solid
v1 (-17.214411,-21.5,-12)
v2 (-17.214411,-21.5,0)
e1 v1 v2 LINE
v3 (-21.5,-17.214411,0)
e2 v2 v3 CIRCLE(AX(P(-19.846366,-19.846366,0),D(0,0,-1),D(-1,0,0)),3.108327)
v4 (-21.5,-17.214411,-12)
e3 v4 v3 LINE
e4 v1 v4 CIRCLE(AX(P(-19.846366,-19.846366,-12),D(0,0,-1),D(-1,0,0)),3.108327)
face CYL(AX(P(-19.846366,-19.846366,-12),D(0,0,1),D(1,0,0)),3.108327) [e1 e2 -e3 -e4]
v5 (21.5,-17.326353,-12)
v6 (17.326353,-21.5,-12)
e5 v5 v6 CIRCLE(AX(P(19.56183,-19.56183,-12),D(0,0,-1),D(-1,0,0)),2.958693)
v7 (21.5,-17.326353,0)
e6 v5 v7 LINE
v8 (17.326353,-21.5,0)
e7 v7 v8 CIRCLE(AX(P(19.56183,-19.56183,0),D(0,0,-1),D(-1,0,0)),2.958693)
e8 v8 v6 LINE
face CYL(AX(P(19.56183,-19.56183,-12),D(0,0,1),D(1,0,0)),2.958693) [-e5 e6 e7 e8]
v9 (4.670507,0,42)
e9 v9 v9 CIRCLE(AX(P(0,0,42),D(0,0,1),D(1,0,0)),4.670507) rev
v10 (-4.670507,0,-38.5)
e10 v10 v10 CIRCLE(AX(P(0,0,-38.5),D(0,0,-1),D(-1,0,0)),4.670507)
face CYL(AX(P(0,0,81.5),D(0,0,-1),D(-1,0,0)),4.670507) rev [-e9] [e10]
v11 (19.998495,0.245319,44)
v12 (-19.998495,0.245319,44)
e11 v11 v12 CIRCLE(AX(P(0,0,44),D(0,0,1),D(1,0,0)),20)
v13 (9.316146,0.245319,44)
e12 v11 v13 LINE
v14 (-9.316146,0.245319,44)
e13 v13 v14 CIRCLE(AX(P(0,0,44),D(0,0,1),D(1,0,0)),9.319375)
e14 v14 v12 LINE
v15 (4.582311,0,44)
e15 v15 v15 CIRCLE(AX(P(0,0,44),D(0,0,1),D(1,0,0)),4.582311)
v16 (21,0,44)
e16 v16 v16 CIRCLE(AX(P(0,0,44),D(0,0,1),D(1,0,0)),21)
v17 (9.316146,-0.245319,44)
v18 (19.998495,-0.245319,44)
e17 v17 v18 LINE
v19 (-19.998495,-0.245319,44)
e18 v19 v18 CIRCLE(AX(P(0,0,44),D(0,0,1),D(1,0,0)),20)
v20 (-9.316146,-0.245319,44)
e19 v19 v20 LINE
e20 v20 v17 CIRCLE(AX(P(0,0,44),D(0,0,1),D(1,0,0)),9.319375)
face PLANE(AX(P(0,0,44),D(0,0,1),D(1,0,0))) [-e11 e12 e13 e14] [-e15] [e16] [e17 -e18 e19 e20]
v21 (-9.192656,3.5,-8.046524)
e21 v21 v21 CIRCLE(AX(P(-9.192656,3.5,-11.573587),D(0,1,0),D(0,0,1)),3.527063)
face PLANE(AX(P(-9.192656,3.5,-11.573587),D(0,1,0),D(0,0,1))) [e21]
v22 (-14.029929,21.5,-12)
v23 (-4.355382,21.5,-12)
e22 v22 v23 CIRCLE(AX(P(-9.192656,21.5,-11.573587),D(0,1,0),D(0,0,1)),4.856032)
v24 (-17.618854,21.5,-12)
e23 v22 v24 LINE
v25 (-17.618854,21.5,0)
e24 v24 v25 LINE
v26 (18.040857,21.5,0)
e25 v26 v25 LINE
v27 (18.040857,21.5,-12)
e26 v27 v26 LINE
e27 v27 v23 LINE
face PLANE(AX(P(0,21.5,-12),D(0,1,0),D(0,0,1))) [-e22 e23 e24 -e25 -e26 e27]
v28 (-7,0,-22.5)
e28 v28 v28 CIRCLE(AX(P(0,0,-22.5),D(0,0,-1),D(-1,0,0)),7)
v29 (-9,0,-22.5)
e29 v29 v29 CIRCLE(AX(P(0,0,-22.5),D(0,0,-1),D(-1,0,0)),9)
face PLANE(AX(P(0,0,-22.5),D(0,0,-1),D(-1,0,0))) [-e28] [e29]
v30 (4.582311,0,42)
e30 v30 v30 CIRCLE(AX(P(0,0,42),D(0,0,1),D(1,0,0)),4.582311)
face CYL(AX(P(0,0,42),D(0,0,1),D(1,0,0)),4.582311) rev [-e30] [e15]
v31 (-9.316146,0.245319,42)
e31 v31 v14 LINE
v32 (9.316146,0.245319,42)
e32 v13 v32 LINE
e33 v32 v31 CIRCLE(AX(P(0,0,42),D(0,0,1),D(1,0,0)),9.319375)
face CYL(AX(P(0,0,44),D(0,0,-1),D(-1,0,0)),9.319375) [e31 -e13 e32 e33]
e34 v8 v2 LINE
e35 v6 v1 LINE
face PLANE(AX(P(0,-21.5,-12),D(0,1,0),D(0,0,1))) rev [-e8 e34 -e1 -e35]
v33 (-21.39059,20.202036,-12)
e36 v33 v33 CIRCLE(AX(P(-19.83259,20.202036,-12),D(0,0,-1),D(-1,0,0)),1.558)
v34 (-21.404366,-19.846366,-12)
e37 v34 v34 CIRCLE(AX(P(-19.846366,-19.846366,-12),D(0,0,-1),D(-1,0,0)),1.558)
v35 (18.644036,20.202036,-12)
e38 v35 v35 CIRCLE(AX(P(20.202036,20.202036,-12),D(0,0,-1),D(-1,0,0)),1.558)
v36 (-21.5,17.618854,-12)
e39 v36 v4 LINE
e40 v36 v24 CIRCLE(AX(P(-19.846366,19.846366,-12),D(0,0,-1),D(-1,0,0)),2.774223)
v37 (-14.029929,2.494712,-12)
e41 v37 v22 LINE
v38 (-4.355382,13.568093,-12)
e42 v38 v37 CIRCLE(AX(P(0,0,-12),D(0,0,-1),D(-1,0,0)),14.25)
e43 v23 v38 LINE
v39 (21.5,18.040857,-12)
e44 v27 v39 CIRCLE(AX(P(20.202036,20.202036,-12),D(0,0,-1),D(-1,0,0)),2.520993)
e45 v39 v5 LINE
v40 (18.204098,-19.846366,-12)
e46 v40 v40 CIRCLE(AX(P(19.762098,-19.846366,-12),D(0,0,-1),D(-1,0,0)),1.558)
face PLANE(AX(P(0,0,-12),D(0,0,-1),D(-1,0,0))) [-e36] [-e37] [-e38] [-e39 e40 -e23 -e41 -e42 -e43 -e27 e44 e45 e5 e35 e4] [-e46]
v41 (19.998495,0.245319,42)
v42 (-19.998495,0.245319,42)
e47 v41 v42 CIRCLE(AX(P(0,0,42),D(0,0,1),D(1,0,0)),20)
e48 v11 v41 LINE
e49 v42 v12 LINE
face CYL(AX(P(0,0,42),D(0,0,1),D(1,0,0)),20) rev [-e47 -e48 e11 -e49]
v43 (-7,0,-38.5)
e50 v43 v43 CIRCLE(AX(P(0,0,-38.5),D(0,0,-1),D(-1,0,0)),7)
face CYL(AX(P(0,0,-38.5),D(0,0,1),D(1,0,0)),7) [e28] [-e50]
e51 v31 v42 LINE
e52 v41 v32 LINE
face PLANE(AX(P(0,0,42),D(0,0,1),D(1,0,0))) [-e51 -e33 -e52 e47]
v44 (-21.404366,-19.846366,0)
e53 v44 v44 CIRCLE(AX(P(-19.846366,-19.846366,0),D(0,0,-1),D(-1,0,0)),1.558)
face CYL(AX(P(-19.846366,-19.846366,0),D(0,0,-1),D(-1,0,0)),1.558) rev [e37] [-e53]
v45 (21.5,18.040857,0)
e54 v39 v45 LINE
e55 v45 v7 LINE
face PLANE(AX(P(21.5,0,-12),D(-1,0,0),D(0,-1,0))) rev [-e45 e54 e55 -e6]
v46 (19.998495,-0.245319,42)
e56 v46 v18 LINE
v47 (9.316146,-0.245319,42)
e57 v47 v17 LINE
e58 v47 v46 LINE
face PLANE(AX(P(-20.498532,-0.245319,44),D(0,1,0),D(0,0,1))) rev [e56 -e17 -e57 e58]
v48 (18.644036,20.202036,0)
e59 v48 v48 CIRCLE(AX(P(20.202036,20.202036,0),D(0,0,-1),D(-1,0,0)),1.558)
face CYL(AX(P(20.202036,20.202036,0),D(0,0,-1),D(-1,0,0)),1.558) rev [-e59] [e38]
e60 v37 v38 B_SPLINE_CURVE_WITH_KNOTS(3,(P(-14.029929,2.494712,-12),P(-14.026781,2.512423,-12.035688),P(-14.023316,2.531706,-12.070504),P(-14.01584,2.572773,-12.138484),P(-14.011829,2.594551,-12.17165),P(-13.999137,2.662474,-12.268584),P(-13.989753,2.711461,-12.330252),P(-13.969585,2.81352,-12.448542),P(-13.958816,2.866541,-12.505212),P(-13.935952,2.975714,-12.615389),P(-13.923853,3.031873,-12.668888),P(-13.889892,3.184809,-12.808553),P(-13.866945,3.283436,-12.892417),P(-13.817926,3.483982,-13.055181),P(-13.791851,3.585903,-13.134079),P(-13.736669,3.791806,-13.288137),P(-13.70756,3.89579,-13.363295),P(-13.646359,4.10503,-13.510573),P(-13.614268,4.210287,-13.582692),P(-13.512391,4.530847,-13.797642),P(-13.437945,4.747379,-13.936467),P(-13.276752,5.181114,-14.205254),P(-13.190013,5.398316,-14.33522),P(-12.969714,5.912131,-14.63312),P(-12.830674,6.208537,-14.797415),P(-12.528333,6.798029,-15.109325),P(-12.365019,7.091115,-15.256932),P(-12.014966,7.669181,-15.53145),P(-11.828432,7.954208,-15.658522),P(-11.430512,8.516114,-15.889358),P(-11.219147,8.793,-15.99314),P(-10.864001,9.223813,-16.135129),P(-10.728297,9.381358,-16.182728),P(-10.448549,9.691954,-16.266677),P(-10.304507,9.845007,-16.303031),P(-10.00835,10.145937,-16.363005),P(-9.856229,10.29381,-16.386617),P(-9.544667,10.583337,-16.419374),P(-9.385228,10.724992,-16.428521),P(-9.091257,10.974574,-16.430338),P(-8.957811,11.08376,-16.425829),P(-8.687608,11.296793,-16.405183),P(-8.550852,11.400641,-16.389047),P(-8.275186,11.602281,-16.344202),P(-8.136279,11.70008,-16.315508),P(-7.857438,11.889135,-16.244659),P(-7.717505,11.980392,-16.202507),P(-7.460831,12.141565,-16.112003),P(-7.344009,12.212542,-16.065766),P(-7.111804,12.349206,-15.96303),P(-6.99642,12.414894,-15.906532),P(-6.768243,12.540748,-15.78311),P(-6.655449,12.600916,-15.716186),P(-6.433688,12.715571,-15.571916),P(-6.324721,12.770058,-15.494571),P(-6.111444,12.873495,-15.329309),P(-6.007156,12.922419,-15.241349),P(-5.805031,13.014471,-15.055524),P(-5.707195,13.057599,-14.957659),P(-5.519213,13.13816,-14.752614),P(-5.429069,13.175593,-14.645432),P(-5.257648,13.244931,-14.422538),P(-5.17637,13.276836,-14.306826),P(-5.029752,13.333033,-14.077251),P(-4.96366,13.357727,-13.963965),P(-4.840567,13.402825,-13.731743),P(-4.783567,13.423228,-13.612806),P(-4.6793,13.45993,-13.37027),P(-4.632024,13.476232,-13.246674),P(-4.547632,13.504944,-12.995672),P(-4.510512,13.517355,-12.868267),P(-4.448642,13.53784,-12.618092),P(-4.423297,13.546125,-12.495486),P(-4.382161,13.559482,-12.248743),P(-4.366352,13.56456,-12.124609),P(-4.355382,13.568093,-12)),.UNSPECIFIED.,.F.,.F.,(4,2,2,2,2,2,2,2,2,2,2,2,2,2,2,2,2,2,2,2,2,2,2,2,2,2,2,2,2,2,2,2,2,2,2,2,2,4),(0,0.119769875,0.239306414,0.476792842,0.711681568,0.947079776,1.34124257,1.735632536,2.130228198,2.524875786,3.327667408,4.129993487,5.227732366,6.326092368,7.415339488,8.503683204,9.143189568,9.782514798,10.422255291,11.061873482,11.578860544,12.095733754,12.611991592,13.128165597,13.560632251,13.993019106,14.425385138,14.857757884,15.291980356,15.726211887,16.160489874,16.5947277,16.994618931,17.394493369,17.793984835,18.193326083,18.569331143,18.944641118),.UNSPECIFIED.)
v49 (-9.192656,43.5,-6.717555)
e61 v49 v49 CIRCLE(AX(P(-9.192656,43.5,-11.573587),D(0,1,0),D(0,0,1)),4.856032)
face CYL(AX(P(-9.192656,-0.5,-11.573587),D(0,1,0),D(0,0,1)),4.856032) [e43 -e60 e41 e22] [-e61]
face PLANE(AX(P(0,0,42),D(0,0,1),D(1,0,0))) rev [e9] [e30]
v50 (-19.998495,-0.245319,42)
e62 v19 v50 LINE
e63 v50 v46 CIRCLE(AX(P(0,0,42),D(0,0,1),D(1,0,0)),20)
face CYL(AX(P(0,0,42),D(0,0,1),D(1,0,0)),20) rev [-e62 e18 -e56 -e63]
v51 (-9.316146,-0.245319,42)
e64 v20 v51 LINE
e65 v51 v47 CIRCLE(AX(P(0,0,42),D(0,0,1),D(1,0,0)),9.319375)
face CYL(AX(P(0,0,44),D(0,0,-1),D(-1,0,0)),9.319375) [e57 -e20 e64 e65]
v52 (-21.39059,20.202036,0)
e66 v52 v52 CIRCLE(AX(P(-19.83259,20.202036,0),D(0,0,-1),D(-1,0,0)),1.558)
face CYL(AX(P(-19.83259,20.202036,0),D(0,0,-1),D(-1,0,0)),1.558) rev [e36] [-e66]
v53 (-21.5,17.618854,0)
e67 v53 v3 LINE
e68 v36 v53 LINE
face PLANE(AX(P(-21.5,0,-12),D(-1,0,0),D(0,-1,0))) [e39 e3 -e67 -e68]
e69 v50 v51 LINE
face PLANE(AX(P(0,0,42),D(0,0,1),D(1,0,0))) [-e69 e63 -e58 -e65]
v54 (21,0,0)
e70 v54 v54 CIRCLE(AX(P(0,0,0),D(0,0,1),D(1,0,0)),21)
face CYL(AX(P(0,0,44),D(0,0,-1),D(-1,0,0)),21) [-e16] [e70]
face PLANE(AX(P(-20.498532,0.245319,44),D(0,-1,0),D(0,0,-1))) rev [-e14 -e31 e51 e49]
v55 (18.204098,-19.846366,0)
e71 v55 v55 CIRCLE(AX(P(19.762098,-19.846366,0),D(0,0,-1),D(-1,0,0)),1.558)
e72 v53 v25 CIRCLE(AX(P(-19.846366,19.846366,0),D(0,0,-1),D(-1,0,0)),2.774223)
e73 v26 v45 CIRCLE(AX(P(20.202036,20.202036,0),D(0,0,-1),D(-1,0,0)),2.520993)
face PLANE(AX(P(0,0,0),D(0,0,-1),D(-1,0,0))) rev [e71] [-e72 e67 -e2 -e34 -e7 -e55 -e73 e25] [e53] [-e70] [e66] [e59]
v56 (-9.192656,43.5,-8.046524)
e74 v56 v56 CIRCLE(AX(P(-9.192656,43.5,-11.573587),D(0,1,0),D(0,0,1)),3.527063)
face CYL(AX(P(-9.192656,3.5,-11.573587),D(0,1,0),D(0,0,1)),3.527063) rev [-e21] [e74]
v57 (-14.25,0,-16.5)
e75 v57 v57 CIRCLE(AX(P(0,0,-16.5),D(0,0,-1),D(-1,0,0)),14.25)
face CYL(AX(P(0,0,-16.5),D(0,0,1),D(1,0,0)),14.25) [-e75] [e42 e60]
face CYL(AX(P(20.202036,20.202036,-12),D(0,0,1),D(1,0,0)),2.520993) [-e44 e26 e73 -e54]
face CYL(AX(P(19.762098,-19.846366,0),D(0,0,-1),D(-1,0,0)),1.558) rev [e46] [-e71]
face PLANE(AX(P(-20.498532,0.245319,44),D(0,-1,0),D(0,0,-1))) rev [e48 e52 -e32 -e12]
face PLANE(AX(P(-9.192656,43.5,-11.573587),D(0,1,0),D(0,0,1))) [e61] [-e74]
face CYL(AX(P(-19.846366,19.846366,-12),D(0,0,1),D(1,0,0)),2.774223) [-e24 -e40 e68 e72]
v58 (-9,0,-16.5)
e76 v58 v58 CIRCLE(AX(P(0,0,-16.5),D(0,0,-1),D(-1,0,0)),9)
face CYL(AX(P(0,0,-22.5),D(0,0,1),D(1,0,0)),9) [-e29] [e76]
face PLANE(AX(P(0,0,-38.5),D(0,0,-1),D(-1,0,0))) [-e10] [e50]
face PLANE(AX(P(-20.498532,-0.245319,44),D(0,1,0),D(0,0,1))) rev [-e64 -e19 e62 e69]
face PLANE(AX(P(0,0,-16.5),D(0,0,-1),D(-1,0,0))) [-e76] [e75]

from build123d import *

# Parameters (mm, degrees)
SKETCH2_R                 = 21
BOSS_EXTRUDE4_DEPTH       = 44
SKETCH6_R                 = 2.52099285
SKETCH6_R_2               = 2.774223213
SKETCH6_R_3               = 2.958692603
SKETCH6_R_4               = 3.108326591
SKETCH6_W                 = 43
SKETCH6_H                 = 43
BOSS_EXTRUDE8_DEPTH       = 12
SKETCH7_R                 = 1.557999949
CUT_EXTRUDE1_DEPTH        = 12
SKETCH9_R                 = 14.25
BOSS_EXTRUDE10_DEPTH      = 4.5
SKETCH10_R                = 4.856031572
BOSS_EXTRUDE12_DEPTH      = 22
BOSS_EXTRUDE12_DEPTH_BACK = 22
SKETCH11_R                = 9
BOSS_EXTRUDE13_DEPTH      = 6
SKETCH12_R                = 7
BOSS_EXTRUDE14_DEPTH      = 16
SKETCH13_R                = 4.670506922
CUT_EXTRUDE3_DEPTH        = 120
SKETCH15_R                = 3.527063208
CUT_EXTRUDE5_DEPTH        = 40
SKETCH16_R                = 20
CUT_EXTRUDE6_DEPTH        = 2
SKETCH17_W                = 40.997064224
SKETCH17_H                = 0.490637438
BOSS_EXTRUDE15_DEPTH      = 2
SKETCH18_R                = 9.319375459
BOSS_EXTRUDE16_DEPTH      = 2
SKETCH19_R                = 4.582310756
CUT_EXTRUDE7_DEPTH        = 2


with BuildPart() as part:
    # Sketch2 → Boss-Extrude4 (new body)
    with BuildSketch(Plane.XY):
        Circle(SKETCH2_R)
    extrude(amount=BOSS_EXTRUDE4_DEPTH)

    # Sketch6 → Boss-Extrude8 (add)
    with BuildSketch(Plane(origin=(0, 0, 0), x_dir=(-1, 0, 0), z_dir=(0, 0, -1))):
        with Locations((-20.202035706, 20.202035706)):
            Circle(SKETCH6_R)
        with Locations((19.846366063, 19.846366063)):
            Circle(SKETCH6_R_2)
        with Locations((-19.561830349, -19.561830349)):
            Circle(SKETCH6_R_3)
        with Locations((19.846366063, -19.846366063)):
            Circle(SKETCH6_R_4)
        Rectangle(SKETCH6_W, SKETCH6_H)
    extrude(amount=BOSS_EXTRUDE8_DEPTH)

    # Sketch7 → Cut-Extrude1 (cut)
    with BuildSketch(Plane(origin=(0, 0, -12), x_dir=(-1, 0, 0), z_dir=(0, 0, -1))):
        with Locations((-20.202035706, 20.202035706)):
            Circle(SKETCH7_R)
        with Locations((19.832590029, 20.202035706)):
            Circle(SKETCH7_R)
        with Locations((19.846366063, -19.846366063)):
            Circle(SKETCH7_R)
        with Locations((-19.76209834, -19.846366063)):
            Circle(SKETCH7_R)
    extrude(amount=-CUT_EXTRUDE1_DEPTH, mode=Mode.SUBTRACT)

    # Sketch9 → Boss-Extrude10 (add)
    with BuildSketch(Plane(origin=(0, 0, -12), x_dir=(-1, 0, 0), z_dir=(0, 0, -1))):
        Circle(SKETCH9_R)
    extrude(amount=BOSS_EXTRUDE10_DEPTH)

    # Sketch10 → Boss-Extrude12 (add, two sides)
    with BuildSketch(Plane(origin=(0, 21.5, 0), x_dir=(1, 0, 0), z_dir=(0, 1, 0))) as boss_extrude12_sk:
        with Locations((-9.192655729, 11.573586892)):
            Circle(SKETCH10_R)
    extrude(amount=BOSS_EXTRUDE12_DEPTH)
    extrude(boss_extrude12_sk.sketch, amount=-BOSS_EXTRUDE12_DEPTH_BACK)

    # Sketch11 → Boss-Extrude13 (add)
    with BuildSketch(Plane(origin=(0, 0, -16.5), x_dir=(-1, 0, 0), z_dir=(0, 0, -1))):
        Circle(SKETCH11_R)
    extrude(amount=BOSS_EXTRUDE13_DEPTH)

    # Sketch12 → Boss-Extrude14 (add)
    with BuildSketch(Plane(origin=(0, 0, -22.5), x_dir=(-1, 0, 0), z_dir=(0, 0, -1))):
        Circle(SKETCH12_R)
    extrude(amount=BOSS_EXTRUDE14_DEPTH)

    # Sketch13 → Cut-Extrude3 (cut)
    with BuildSketch(Plane(origin=(0, 0, -38.5), x_dir=(-1, 0, 0), z_dir=(0, 0, -1))):
        Circle(SKETCH13_R)
    extrude(amount=-CUT_EXTRUDE3_DEPTH, mode=Mode.SUBTRACT)

    # Sketch15 → Cut-Extrude5 (cut)
    with BuildSketch(Plane(origin=(0, 43.5, 0), x_dir=(1, 0, 0), z_dir=(0, 1, 0))):
        with Locations((-9.192655729, 11.573586892)):
            Circle(SKETCH15_R)
    extrude(amount=-CUT_EXTRUDE5_DEPTH, mode=Mode.SUBTRACT)

    # Sketch16 → Cut-Extrude6 (cut)
    with BuildSketch(Plane.XY.offset(44)):
        Circle(SKETCH16_R)
    extrude(amount=-CUT_EXTRUDE6_DEPTH, mode=Mode.SUBTRACT)

    # Sketch17 → Boss-Extrude15 (add)
    with BuildSketch(Plane.XY.offset(42)):
        Rectangle(SKETCH17_W, SKETCH17_H)
    extrude(amount=BOSS_EXTRUDE15_DEPTH)

    # Sketch18 → Boss-Extrude16 (add)
    with BuildSketch(Plane.XY.offset(42)):
        Circle(SKETCH18_R)
    extrude(amount=BOSS_EXTRUDE16_DEPTH)

    # Sketch19 → Cut-Extrude7 (cut)
    with BuildSketch(Plane.XY.offset(44)):
        Circle(SKETCH19_R)
    extrude(amount=-CUT_EXTRUDE7_DEPTH, mode=Mode.SUBTRACT)


solid = part.part
